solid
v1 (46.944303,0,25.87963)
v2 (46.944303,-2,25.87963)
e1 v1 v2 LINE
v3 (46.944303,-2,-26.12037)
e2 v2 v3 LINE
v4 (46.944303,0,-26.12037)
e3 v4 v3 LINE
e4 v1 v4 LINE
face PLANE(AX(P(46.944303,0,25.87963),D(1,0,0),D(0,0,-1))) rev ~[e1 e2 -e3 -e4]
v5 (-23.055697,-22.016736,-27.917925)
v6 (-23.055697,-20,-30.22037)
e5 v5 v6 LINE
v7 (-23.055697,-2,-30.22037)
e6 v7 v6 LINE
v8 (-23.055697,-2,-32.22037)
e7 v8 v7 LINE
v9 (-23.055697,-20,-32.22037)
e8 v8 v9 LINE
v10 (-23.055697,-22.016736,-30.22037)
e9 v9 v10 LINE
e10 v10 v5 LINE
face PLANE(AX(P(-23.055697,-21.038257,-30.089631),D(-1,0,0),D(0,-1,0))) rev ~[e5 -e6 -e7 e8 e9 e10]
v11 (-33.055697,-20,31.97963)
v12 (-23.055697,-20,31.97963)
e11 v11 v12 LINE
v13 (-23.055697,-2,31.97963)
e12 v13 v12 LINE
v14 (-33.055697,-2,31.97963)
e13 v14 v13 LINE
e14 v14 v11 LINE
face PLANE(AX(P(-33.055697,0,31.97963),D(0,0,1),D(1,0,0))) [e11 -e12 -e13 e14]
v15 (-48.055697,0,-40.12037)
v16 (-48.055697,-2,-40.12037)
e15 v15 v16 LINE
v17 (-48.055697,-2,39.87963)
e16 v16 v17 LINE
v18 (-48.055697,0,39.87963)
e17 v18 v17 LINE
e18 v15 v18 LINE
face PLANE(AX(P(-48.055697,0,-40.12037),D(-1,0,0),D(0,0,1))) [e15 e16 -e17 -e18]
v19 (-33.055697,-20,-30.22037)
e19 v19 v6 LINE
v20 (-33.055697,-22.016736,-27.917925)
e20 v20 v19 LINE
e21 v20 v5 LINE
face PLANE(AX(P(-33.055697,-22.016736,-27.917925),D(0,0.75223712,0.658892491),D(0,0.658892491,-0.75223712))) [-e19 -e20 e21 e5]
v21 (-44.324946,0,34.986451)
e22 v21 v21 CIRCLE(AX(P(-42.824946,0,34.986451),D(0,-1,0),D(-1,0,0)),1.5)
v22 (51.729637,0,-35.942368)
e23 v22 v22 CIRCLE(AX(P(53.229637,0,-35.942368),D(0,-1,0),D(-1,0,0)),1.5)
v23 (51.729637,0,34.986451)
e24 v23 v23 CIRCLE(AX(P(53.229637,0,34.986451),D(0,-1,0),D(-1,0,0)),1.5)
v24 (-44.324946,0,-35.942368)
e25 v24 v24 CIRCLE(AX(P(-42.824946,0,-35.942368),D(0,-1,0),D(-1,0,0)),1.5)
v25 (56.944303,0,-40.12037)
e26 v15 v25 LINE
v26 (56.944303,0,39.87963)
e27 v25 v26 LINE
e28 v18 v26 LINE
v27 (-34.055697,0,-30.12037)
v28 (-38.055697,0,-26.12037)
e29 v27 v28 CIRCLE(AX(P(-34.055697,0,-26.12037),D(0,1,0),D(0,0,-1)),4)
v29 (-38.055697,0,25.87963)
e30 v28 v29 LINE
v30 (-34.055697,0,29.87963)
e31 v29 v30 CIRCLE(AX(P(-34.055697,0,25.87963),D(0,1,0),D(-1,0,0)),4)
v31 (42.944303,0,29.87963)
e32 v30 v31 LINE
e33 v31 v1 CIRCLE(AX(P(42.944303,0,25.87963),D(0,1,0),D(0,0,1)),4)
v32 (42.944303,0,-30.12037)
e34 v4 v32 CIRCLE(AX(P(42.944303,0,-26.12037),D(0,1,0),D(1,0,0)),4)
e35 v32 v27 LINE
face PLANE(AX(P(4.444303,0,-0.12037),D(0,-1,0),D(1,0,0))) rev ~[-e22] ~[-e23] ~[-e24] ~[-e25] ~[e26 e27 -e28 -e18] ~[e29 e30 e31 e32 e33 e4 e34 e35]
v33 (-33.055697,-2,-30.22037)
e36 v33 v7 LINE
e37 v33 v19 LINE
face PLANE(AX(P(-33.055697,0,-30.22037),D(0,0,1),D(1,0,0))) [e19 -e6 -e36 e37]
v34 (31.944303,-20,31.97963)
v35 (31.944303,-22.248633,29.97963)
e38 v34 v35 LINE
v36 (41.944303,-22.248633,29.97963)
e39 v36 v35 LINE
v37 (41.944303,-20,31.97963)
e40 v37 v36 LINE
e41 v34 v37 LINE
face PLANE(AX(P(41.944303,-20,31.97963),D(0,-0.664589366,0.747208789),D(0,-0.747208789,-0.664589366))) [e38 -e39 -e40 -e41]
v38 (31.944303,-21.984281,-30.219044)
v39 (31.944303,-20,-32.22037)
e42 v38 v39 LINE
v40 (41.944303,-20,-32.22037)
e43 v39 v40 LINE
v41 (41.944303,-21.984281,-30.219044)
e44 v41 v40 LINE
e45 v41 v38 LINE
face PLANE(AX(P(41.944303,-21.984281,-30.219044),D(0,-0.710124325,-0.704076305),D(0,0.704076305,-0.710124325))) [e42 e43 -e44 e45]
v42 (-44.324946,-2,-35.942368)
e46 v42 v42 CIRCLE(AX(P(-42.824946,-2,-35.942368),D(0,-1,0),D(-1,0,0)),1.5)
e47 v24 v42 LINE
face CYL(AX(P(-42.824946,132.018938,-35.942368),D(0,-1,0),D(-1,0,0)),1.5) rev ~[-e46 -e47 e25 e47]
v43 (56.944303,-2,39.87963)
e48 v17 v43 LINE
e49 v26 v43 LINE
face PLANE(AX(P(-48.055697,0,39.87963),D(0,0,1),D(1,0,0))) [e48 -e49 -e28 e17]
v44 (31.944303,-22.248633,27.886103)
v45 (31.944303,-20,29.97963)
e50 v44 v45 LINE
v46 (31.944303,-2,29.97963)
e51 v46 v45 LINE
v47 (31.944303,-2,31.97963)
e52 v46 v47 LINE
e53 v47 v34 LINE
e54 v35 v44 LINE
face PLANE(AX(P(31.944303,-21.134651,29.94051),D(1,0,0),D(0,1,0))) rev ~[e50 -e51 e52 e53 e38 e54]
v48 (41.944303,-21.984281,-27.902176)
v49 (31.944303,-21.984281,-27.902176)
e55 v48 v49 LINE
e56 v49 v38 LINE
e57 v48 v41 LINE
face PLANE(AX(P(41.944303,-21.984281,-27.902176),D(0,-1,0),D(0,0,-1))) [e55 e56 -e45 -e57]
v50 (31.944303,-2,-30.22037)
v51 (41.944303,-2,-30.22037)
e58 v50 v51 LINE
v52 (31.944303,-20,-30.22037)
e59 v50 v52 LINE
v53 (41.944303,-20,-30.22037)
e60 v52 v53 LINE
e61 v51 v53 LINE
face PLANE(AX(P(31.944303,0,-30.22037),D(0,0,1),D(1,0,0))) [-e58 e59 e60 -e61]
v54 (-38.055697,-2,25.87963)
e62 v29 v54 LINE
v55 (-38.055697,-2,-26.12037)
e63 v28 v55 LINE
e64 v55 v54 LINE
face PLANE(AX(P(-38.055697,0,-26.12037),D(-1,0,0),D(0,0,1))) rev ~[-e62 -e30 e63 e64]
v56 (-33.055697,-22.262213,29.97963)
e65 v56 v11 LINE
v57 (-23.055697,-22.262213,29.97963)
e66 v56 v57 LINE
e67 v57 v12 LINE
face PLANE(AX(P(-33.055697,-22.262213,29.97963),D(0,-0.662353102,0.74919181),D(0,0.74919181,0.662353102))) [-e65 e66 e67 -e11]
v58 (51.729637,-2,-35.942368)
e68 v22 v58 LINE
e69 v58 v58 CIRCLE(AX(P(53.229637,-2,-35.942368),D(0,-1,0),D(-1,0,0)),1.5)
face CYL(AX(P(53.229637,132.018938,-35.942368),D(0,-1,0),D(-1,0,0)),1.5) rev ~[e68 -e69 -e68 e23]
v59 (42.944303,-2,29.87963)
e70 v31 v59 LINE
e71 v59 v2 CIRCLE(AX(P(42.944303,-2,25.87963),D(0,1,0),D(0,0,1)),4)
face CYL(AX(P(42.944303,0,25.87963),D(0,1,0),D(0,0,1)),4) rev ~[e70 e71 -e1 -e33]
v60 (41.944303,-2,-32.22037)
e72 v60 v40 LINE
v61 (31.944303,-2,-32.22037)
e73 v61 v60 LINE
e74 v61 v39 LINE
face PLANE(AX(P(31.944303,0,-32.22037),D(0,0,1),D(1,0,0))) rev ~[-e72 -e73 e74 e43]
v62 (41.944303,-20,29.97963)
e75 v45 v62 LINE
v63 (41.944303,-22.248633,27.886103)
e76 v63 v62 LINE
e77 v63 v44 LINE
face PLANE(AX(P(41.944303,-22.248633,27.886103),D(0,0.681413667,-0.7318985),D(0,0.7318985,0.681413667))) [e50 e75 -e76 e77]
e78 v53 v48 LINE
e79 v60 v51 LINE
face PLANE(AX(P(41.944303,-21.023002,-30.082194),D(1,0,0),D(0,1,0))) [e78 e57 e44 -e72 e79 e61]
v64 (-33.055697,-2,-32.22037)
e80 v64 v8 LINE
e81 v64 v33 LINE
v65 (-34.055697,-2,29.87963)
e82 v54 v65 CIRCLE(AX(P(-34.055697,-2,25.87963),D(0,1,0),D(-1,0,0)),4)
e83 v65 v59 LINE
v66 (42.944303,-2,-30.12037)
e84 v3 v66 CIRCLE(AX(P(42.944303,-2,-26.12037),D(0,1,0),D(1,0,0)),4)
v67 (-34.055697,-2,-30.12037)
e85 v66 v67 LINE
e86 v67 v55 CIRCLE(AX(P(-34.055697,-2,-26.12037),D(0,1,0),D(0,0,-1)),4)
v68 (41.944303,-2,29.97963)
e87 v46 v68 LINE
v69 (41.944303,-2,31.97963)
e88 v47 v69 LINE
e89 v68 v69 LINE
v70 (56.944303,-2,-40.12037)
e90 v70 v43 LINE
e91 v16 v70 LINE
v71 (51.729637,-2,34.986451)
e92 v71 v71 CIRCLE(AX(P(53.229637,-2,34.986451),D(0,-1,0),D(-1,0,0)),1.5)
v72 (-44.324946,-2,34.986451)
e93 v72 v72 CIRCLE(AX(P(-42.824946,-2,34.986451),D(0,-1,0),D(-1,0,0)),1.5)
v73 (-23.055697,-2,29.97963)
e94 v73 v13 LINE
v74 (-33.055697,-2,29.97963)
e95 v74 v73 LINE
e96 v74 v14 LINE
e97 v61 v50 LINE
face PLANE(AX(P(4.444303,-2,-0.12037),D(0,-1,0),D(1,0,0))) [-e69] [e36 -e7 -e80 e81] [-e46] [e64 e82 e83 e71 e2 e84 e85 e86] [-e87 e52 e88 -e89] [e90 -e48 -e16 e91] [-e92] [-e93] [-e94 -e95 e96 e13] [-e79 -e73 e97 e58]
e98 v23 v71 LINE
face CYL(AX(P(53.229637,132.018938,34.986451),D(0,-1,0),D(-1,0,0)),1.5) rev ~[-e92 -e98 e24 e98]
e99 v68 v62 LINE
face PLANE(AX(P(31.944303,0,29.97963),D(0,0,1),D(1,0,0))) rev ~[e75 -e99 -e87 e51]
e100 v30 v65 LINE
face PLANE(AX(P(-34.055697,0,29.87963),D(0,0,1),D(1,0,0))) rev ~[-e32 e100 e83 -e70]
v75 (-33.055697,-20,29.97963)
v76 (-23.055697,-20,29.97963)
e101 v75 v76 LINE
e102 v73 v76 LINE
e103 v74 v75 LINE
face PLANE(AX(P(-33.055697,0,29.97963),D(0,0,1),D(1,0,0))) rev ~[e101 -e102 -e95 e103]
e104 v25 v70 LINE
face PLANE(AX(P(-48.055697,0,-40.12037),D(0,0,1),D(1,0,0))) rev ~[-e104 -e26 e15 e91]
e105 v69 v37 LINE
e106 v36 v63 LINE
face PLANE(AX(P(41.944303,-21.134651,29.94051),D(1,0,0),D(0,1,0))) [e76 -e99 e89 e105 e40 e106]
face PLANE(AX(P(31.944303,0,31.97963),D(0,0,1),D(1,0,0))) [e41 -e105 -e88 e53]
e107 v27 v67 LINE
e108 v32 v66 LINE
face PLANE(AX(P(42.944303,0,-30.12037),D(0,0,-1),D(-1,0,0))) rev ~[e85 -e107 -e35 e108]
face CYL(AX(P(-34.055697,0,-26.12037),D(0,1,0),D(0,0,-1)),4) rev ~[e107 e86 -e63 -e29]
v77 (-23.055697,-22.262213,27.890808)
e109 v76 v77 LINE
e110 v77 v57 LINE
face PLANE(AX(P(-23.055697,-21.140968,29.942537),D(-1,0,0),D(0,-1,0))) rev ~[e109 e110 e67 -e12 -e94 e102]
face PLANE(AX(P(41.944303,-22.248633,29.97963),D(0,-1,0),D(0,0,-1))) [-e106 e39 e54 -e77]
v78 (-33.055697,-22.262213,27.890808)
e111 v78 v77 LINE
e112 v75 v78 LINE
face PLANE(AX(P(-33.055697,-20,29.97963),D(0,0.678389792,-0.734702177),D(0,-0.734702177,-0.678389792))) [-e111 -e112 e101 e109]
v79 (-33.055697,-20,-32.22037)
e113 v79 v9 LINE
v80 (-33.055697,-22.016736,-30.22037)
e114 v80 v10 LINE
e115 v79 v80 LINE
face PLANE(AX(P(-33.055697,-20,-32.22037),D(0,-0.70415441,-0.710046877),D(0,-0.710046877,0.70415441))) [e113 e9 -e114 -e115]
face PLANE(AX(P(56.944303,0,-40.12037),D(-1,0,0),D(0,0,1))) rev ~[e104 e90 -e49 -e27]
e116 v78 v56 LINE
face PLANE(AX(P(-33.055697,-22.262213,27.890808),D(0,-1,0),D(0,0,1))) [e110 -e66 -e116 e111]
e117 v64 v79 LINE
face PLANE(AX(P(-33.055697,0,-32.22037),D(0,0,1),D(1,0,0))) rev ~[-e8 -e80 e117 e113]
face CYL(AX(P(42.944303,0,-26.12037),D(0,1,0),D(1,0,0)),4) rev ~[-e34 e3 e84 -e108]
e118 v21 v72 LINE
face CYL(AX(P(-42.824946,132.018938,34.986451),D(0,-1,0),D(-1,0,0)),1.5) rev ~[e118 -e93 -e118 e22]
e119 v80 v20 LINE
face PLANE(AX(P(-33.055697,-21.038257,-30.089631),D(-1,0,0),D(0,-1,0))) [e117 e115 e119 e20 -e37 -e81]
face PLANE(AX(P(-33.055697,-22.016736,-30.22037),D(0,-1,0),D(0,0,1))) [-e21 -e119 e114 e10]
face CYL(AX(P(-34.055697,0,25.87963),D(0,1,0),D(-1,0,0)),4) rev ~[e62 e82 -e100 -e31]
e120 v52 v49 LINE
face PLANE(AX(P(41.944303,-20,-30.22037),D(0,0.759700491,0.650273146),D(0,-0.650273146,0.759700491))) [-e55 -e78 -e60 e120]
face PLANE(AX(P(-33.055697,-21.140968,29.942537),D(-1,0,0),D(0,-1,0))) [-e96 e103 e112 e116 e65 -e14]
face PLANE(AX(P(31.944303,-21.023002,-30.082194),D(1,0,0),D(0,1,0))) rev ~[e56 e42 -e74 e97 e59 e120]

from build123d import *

# Parameters (mm, degrees)
F0_W      = 105
F0_H      = 80
F0_W_2    = 10
F0_H_2    = 2
F1_DEPTH  = 2
F2_D      = 3
F3_DEPTH  = 20
F5_DEPTH  = 10
F7_DEPTH  = 10
F9_DEPTH  = 10
F11_DEPTH = 10


with BuildPart() as f1:
    # F0 (on Front) → F1 (new body)
    with BuildSketch(Plane.XZ):
        with Locations((4.4443034394, -0.1203698614)):
            Rectangle(F0_W, F0_H)
        with Locations((-28.0556965606, -31.2203698614)):
            Rectangle(F0_W_2, F0_H_2, mode=Mode.SUBTRACT)
        with Locations((36.9443034394, -31.2203698614)):
            Rectangle(F0_W_2, F0_H_2, mode=Mode.SUBTRACT)
        with Locations((-28.0556965606, 30.9796301386)):
            Rectangle(F0_W_2, F0_H_2, mode=Mode.SUBTRACT)
        with BuildLine():
            ThreePointArc((-38.0556965606, 25.8796301386), (-36.8841236853, 28.7080572633), (-34.0556965606, 29.8796301386))
            Line((-34.0556965606, 29.8796301386), (42.9443034394, 29.8796301386))
            ThreePointArc((42.9443034394, 29.8796301386), (45.7727305642, 28.7080572633), (46.9443034394, 25.8796301386))
            Line((46.9443034394, 25.8796301386), (46.9443034394, -26.1203698614))
            ThreePointArc((46.9443034394, -26.1203698614), (45.7727305642, -28.9487969862), (42.9443034394, -30.1203698614))
            Line((42.9443034394, -30.1203698614), (-34.0556965606, -30.1203698614))
            ThreePointArc((-34.0556965606, -30.1203698614), (-36.8841236853, -28.9487969862), (-38.0556965606, -26.1203698614))
            Line((-38.0556965606, -26.1203698614), (-38.0556965606, 25.8796301386))
        make_face(mode=Mode.SUBTRACT)
        with Locations((36.9443034394, 30.9796301386)):
            Rectangle(F0_W_2, F0_H_2, mode=Mode.SUBTRACT)
    extrude(amount=F1_DEPTH)

    # F2 (through all)
    with Locations(Plane(origin=(0, 0, 0), x_dir=(1, 0, 0), z_dir=(0, 1, 0))):
        with Locations((-42.8249463439, -34.9864512682), (-42.8249463439, 35.9423682094), (53.229637444, 35.9423682094), (53.229637444, -34.9864512682)):
            Hole(F2_D / 2)

    # F0 (on Front) → F3 (join)
    with BuildSketch(Plane.XZ):
        with Locations((-28.0556965606, 30.9796301386)):
            Rectangle(F0_W_2, F0_H_2)
        with Locations((36.9443034394, 30.9796301386)):
            Rectangle(F0_W_2, F0_H_2)
        with Locations((-28.0556965606, -31.2203698614)):
            Rectangle(F0_W_2, F0_H_2)
        with Locations((36.9443034394, -31.2203698614)):
            Rectangle(F0_W_2, F0_H_2)
    extrude(amount=F3_DEPTH)

    # F4 (on face) → F5 (join)
    with BuildSketch(Plane(origin=(-33.0556965606, 0, 0), x_dir=(0, -1, 0), z_dir=(-1, 0, 0))):
        Polygon((20, 31.9796301386), (20, 29.9796301386), (22.2622127322, 27.8908082008), (22.2622127322, 29.9796301386), align=None)
    extrude(amount=-F5_DEPTH)

    # F6 (on face) → F7 (join)
    with BuildSketch(Plane(origin=(-33.0556965606, 0, 0), x_dir=(0, -1, 0), z_dir=(-1, 0, 0))):
        Polygon((22.0167362937, -27.9179245889), (20, -30.2203698614), (20, -32.2203698614), (22.0167362937, -30.2203698614), align=None)
    extrude(amount=-F7_DEPTH)

    # F8 (on face) → F9 (join)
    with BuildSketch(Plane.YZ.offset(41.9443034394)):
        Polygon((-22.2486329954, 27.8861031592), (-20, 29.9796301386), (-20, 31.9796301386), (-22.2486329954, 29.9796301386), align=None)
    extrude(amount=-F9_DEPTH)

    # F10 (on face) → F11 (join)
    with BuildSketch(Plane.YZ.offset(41.9443034394)):
        Polygon((-21.9842810184, -30.2190438569), (-20, -32.2203698614), (-20, -30.2203698614), (-21.9842810184, -27.9021759242), align=None)
    extrude(amount=-F11_DEPTH)


solid = f1.part
